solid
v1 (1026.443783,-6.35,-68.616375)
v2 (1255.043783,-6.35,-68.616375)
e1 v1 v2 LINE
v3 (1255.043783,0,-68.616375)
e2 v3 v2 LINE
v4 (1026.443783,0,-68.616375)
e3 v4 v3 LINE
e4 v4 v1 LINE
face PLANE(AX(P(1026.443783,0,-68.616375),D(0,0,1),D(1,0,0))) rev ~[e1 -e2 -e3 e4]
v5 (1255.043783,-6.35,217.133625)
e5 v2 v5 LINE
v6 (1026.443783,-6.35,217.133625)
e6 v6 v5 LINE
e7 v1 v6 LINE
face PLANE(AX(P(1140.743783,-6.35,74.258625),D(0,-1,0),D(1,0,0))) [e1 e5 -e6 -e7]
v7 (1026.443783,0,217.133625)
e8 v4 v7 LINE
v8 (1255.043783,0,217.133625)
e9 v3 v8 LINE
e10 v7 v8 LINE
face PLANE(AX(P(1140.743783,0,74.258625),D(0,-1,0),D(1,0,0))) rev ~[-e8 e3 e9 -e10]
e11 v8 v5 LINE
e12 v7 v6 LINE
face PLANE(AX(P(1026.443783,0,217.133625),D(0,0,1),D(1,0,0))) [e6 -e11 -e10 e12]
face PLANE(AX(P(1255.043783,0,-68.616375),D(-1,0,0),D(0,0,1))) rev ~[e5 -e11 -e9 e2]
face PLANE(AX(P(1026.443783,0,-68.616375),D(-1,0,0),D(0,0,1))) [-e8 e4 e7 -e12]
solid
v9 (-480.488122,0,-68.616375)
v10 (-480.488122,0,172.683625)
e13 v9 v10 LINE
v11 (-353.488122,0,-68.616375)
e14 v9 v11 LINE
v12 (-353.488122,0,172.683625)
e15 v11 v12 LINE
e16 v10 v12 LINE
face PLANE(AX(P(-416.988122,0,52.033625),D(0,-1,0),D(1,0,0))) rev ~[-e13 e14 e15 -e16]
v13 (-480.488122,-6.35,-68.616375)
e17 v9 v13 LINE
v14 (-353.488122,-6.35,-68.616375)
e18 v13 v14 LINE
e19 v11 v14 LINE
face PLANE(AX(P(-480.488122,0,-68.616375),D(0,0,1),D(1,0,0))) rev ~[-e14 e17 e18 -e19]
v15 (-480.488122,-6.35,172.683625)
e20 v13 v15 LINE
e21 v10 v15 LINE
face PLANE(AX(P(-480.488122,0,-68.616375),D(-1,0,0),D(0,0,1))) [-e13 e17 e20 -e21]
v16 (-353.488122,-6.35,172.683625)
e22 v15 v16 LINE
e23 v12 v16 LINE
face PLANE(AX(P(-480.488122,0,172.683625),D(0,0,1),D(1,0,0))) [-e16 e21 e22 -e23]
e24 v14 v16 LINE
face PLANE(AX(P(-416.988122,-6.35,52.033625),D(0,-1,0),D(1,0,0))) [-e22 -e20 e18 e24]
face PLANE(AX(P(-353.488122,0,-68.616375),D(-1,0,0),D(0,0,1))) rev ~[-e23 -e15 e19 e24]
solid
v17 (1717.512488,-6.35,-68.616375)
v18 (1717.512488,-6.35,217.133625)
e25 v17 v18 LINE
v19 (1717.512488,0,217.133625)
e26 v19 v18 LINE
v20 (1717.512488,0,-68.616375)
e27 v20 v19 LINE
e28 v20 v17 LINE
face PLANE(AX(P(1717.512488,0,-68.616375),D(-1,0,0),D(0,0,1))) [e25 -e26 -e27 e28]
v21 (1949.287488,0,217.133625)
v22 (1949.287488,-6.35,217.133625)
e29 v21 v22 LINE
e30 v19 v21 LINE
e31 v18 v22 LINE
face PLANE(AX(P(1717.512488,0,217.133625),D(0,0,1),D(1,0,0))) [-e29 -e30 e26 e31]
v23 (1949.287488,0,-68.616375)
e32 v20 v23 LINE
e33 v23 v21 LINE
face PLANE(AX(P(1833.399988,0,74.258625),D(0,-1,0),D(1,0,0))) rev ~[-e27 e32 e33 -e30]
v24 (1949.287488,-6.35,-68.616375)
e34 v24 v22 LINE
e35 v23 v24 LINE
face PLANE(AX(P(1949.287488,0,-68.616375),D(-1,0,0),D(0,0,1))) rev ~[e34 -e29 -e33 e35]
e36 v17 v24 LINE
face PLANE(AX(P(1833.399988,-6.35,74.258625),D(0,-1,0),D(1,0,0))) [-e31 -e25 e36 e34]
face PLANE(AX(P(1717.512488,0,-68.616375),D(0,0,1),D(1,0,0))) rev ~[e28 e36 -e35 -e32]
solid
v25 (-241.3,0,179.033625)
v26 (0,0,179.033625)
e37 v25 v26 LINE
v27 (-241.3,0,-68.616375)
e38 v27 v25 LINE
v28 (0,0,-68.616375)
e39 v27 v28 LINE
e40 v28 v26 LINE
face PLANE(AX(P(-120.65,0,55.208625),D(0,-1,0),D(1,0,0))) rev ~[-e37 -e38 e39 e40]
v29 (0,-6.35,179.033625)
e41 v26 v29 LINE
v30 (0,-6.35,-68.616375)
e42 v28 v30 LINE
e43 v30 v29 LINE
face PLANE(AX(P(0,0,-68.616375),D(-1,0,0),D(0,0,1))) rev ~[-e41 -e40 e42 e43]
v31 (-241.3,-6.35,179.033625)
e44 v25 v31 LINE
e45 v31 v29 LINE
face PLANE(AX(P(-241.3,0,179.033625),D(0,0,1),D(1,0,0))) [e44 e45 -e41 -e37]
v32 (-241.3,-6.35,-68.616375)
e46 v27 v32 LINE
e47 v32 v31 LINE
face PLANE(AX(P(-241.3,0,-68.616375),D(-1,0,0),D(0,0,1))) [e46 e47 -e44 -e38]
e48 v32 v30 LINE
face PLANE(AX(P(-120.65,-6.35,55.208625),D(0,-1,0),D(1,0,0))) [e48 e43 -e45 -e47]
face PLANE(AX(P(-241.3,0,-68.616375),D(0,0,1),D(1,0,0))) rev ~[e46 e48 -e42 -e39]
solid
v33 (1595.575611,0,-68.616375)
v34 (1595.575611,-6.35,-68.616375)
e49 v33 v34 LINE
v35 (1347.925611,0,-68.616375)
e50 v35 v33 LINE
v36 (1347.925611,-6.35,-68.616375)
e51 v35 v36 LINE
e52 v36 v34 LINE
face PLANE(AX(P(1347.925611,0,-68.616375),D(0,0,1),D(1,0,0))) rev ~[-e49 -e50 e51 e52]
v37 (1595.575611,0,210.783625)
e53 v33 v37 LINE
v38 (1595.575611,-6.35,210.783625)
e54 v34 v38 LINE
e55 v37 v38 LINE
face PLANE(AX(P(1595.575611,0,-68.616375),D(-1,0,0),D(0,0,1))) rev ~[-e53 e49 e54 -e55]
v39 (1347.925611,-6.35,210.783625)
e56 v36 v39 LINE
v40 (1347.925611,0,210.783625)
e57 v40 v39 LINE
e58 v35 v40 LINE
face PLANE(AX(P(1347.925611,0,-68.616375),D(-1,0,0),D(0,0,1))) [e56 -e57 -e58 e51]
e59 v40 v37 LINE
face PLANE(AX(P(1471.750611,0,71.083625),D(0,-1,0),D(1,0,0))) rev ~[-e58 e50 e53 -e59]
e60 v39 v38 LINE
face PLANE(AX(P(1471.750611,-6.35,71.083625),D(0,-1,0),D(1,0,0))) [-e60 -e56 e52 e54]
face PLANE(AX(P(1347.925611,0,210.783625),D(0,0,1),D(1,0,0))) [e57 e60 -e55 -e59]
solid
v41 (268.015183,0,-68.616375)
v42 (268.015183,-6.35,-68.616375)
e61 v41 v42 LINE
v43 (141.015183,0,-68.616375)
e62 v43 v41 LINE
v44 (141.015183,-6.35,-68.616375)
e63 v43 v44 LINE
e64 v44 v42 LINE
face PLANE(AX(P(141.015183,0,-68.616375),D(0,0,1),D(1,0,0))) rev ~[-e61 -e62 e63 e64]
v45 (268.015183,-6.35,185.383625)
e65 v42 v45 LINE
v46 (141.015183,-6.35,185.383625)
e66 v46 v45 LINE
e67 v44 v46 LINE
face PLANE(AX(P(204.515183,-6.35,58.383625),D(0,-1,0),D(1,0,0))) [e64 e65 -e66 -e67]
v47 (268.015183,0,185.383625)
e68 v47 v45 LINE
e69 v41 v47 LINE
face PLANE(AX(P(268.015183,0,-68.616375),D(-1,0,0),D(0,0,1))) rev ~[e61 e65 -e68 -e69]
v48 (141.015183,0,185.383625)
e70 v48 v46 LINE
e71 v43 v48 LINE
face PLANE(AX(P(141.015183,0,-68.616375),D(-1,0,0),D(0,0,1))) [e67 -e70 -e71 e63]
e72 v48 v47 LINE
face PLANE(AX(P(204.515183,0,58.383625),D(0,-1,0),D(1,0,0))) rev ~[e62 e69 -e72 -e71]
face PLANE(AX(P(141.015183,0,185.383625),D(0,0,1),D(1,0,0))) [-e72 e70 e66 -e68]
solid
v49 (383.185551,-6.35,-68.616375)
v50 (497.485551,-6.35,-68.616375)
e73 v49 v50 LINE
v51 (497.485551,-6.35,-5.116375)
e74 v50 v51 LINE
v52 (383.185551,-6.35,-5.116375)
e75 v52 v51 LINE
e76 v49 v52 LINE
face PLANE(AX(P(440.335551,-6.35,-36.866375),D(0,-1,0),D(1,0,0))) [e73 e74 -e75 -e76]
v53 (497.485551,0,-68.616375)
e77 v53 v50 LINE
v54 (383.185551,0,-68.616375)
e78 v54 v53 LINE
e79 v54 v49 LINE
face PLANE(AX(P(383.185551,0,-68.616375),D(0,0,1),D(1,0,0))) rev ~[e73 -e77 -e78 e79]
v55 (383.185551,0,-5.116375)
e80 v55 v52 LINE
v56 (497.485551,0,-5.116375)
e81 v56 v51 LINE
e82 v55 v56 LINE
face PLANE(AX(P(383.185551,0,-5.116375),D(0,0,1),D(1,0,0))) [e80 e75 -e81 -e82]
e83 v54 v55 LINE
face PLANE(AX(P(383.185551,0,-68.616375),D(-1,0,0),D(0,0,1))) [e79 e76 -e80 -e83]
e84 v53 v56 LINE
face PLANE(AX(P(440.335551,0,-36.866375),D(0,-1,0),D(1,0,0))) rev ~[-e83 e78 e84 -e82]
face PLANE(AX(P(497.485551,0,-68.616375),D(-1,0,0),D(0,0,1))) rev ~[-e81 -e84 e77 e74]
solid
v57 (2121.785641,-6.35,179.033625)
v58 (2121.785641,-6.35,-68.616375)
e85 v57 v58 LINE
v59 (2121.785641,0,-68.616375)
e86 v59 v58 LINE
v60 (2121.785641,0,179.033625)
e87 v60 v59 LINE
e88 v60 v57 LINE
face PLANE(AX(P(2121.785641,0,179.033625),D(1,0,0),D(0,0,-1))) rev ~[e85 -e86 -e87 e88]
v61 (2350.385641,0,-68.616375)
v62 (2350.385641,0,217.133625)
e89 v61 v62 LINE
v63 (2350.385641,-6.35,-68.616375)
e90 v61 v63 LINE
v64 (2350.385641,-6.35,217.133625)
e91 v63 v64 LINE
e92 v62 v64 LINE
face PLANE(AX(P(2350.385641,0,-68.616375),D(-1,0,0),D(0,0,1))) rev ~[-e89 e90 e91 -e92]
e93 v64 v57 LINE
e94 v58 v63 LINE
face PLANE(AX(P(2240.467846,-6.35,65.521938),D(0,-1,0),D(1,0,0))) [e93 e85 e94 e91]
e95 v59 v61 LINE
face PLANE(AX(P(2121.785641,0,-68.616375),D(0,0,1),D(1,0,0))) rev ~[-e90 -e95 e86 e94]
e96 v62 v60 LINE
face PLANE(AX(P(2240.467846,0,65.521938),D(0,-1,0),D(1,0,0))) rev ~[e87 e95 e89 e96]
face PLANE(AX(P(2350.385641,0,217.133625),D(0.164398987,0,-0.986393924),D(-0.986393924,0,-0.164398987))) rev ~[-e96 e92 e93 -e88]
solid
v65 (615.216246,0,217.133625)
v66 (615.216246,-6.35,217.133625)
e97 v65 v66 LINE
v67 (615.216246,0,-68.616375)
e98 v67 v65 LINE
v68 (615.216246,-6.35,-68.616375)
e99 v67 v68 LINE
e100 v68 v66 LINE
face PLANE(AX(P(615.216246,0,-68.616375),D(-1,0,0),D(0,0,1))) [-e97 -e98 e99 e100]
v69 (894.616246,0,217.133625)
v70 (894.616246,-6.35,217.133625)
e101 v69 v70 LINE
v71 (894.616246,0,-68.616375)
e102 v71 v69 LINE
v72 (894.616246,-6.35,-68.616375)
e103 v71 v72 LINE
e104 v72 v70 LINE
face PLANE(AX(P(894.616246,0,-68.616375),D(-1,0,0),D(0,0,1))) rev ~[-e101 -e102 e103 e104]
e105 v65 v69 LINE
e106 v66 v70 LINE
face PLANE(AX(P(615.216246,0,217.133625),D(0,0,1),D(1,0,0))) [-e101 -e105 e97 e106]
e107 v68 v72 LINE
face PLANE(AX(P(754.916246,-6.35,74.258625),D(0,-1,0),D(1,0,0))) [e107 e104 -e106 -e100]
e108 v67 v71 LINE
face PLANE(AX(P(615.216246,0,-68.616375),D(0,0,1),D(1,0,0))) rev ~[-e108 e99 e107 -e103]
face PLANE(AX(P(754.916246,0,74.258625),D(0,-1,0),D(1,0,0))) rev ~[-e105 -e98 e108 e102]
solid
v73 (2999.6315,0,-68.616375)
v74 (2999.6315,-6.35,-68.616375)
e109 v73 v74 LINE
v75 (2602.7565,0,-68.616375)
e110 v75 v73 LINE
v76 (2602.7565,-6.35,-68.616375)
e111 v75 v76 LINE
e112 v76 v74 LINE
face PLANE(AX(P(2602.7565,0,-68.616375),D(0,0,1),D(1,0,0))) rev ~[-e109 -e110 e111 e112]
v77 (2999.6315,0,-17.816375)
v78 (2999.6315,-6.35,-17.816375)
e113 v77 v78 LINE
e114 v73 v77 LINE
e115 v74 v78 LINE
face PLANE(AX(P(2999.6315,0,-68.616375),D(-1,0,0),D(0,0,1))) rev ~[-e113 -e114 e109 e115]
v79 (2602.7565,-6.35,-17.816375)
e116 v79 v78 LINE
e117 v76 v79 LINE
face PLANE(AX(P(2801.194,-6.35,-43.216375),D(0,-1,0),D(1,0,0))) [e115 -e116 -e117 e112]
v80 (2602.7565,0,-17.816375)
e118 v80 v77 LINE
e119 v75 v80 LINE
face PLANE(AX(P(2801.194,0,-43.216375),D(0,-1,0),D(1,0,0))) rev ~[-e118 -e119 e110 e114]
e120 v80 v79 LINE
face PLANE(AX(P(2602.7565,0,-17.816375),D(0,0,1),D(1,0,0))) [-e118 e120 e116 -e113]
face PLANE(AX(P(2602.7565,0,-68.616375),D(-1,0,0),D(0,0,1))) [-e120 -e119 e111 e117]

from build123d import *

# Parameters (mm, degrees)
F0_W     = 127
F0_H     = 241.3
F0_W_2   = 241.3
F0_H_2   = 247.65
F0_H_3   = 254
F0_W_3   = 114.3
F0_H_4   = 63.5
F0_W_4   = 279.4
F0_H_5   = 285.75
F0_W_5   = 228.6
F0_W_6   = 247.65
F0_H_6   = 279.4
F0_W_7   = 231.775
F0_W_8   = 396.875
F0_H_7   = 50.8
F1_DEPTH = 6.35


with BuildPart() as f1:
    # F0 (on Front) → F1 (new body)
    with BuildSketch(Plane.XZ):
        with Locations((-416.988122, 52.033625)):
            Rectangle(F0_W, F0_H)
        with Locations((-120.65, 55.208625)):
            Rectangle(F0_W_2, F0_H_2)
        with Locations((204.515183, 58.383625)):
            Rectangle(F0_W, F0_H_3)
        with Locations((440.335551, -36.866375)):
            Rectangle(F0_W_3, F0_H_4)
        with Locations((754.916246, 74.258625)):
            Rectangle(F0_W_4, F0_H_5)
        with Locations((1140.743783, 74.258625)):
            Rectangle(F0_W_5, F0_H_5)
        with Locations((1471.750611, 71.083625)):
            Rectangle(F0_W_6, F0_H_6)
        with Locations((1833.399988, 74.258625)):
            Rectangle(F0_W_7, F0_H_5)
        Polygon((2121.785641, 179.033625), (2121.785641, -68.616375), (2350.385641, -68.616375), (2350.385641, 217.133625), align=None)
        with Locations((2801.194, -43.216375)):
            Rectangle(F0_W_8, F0_H_7)
    extrude(amount=F1_DEPTH)


solid = f1.part
